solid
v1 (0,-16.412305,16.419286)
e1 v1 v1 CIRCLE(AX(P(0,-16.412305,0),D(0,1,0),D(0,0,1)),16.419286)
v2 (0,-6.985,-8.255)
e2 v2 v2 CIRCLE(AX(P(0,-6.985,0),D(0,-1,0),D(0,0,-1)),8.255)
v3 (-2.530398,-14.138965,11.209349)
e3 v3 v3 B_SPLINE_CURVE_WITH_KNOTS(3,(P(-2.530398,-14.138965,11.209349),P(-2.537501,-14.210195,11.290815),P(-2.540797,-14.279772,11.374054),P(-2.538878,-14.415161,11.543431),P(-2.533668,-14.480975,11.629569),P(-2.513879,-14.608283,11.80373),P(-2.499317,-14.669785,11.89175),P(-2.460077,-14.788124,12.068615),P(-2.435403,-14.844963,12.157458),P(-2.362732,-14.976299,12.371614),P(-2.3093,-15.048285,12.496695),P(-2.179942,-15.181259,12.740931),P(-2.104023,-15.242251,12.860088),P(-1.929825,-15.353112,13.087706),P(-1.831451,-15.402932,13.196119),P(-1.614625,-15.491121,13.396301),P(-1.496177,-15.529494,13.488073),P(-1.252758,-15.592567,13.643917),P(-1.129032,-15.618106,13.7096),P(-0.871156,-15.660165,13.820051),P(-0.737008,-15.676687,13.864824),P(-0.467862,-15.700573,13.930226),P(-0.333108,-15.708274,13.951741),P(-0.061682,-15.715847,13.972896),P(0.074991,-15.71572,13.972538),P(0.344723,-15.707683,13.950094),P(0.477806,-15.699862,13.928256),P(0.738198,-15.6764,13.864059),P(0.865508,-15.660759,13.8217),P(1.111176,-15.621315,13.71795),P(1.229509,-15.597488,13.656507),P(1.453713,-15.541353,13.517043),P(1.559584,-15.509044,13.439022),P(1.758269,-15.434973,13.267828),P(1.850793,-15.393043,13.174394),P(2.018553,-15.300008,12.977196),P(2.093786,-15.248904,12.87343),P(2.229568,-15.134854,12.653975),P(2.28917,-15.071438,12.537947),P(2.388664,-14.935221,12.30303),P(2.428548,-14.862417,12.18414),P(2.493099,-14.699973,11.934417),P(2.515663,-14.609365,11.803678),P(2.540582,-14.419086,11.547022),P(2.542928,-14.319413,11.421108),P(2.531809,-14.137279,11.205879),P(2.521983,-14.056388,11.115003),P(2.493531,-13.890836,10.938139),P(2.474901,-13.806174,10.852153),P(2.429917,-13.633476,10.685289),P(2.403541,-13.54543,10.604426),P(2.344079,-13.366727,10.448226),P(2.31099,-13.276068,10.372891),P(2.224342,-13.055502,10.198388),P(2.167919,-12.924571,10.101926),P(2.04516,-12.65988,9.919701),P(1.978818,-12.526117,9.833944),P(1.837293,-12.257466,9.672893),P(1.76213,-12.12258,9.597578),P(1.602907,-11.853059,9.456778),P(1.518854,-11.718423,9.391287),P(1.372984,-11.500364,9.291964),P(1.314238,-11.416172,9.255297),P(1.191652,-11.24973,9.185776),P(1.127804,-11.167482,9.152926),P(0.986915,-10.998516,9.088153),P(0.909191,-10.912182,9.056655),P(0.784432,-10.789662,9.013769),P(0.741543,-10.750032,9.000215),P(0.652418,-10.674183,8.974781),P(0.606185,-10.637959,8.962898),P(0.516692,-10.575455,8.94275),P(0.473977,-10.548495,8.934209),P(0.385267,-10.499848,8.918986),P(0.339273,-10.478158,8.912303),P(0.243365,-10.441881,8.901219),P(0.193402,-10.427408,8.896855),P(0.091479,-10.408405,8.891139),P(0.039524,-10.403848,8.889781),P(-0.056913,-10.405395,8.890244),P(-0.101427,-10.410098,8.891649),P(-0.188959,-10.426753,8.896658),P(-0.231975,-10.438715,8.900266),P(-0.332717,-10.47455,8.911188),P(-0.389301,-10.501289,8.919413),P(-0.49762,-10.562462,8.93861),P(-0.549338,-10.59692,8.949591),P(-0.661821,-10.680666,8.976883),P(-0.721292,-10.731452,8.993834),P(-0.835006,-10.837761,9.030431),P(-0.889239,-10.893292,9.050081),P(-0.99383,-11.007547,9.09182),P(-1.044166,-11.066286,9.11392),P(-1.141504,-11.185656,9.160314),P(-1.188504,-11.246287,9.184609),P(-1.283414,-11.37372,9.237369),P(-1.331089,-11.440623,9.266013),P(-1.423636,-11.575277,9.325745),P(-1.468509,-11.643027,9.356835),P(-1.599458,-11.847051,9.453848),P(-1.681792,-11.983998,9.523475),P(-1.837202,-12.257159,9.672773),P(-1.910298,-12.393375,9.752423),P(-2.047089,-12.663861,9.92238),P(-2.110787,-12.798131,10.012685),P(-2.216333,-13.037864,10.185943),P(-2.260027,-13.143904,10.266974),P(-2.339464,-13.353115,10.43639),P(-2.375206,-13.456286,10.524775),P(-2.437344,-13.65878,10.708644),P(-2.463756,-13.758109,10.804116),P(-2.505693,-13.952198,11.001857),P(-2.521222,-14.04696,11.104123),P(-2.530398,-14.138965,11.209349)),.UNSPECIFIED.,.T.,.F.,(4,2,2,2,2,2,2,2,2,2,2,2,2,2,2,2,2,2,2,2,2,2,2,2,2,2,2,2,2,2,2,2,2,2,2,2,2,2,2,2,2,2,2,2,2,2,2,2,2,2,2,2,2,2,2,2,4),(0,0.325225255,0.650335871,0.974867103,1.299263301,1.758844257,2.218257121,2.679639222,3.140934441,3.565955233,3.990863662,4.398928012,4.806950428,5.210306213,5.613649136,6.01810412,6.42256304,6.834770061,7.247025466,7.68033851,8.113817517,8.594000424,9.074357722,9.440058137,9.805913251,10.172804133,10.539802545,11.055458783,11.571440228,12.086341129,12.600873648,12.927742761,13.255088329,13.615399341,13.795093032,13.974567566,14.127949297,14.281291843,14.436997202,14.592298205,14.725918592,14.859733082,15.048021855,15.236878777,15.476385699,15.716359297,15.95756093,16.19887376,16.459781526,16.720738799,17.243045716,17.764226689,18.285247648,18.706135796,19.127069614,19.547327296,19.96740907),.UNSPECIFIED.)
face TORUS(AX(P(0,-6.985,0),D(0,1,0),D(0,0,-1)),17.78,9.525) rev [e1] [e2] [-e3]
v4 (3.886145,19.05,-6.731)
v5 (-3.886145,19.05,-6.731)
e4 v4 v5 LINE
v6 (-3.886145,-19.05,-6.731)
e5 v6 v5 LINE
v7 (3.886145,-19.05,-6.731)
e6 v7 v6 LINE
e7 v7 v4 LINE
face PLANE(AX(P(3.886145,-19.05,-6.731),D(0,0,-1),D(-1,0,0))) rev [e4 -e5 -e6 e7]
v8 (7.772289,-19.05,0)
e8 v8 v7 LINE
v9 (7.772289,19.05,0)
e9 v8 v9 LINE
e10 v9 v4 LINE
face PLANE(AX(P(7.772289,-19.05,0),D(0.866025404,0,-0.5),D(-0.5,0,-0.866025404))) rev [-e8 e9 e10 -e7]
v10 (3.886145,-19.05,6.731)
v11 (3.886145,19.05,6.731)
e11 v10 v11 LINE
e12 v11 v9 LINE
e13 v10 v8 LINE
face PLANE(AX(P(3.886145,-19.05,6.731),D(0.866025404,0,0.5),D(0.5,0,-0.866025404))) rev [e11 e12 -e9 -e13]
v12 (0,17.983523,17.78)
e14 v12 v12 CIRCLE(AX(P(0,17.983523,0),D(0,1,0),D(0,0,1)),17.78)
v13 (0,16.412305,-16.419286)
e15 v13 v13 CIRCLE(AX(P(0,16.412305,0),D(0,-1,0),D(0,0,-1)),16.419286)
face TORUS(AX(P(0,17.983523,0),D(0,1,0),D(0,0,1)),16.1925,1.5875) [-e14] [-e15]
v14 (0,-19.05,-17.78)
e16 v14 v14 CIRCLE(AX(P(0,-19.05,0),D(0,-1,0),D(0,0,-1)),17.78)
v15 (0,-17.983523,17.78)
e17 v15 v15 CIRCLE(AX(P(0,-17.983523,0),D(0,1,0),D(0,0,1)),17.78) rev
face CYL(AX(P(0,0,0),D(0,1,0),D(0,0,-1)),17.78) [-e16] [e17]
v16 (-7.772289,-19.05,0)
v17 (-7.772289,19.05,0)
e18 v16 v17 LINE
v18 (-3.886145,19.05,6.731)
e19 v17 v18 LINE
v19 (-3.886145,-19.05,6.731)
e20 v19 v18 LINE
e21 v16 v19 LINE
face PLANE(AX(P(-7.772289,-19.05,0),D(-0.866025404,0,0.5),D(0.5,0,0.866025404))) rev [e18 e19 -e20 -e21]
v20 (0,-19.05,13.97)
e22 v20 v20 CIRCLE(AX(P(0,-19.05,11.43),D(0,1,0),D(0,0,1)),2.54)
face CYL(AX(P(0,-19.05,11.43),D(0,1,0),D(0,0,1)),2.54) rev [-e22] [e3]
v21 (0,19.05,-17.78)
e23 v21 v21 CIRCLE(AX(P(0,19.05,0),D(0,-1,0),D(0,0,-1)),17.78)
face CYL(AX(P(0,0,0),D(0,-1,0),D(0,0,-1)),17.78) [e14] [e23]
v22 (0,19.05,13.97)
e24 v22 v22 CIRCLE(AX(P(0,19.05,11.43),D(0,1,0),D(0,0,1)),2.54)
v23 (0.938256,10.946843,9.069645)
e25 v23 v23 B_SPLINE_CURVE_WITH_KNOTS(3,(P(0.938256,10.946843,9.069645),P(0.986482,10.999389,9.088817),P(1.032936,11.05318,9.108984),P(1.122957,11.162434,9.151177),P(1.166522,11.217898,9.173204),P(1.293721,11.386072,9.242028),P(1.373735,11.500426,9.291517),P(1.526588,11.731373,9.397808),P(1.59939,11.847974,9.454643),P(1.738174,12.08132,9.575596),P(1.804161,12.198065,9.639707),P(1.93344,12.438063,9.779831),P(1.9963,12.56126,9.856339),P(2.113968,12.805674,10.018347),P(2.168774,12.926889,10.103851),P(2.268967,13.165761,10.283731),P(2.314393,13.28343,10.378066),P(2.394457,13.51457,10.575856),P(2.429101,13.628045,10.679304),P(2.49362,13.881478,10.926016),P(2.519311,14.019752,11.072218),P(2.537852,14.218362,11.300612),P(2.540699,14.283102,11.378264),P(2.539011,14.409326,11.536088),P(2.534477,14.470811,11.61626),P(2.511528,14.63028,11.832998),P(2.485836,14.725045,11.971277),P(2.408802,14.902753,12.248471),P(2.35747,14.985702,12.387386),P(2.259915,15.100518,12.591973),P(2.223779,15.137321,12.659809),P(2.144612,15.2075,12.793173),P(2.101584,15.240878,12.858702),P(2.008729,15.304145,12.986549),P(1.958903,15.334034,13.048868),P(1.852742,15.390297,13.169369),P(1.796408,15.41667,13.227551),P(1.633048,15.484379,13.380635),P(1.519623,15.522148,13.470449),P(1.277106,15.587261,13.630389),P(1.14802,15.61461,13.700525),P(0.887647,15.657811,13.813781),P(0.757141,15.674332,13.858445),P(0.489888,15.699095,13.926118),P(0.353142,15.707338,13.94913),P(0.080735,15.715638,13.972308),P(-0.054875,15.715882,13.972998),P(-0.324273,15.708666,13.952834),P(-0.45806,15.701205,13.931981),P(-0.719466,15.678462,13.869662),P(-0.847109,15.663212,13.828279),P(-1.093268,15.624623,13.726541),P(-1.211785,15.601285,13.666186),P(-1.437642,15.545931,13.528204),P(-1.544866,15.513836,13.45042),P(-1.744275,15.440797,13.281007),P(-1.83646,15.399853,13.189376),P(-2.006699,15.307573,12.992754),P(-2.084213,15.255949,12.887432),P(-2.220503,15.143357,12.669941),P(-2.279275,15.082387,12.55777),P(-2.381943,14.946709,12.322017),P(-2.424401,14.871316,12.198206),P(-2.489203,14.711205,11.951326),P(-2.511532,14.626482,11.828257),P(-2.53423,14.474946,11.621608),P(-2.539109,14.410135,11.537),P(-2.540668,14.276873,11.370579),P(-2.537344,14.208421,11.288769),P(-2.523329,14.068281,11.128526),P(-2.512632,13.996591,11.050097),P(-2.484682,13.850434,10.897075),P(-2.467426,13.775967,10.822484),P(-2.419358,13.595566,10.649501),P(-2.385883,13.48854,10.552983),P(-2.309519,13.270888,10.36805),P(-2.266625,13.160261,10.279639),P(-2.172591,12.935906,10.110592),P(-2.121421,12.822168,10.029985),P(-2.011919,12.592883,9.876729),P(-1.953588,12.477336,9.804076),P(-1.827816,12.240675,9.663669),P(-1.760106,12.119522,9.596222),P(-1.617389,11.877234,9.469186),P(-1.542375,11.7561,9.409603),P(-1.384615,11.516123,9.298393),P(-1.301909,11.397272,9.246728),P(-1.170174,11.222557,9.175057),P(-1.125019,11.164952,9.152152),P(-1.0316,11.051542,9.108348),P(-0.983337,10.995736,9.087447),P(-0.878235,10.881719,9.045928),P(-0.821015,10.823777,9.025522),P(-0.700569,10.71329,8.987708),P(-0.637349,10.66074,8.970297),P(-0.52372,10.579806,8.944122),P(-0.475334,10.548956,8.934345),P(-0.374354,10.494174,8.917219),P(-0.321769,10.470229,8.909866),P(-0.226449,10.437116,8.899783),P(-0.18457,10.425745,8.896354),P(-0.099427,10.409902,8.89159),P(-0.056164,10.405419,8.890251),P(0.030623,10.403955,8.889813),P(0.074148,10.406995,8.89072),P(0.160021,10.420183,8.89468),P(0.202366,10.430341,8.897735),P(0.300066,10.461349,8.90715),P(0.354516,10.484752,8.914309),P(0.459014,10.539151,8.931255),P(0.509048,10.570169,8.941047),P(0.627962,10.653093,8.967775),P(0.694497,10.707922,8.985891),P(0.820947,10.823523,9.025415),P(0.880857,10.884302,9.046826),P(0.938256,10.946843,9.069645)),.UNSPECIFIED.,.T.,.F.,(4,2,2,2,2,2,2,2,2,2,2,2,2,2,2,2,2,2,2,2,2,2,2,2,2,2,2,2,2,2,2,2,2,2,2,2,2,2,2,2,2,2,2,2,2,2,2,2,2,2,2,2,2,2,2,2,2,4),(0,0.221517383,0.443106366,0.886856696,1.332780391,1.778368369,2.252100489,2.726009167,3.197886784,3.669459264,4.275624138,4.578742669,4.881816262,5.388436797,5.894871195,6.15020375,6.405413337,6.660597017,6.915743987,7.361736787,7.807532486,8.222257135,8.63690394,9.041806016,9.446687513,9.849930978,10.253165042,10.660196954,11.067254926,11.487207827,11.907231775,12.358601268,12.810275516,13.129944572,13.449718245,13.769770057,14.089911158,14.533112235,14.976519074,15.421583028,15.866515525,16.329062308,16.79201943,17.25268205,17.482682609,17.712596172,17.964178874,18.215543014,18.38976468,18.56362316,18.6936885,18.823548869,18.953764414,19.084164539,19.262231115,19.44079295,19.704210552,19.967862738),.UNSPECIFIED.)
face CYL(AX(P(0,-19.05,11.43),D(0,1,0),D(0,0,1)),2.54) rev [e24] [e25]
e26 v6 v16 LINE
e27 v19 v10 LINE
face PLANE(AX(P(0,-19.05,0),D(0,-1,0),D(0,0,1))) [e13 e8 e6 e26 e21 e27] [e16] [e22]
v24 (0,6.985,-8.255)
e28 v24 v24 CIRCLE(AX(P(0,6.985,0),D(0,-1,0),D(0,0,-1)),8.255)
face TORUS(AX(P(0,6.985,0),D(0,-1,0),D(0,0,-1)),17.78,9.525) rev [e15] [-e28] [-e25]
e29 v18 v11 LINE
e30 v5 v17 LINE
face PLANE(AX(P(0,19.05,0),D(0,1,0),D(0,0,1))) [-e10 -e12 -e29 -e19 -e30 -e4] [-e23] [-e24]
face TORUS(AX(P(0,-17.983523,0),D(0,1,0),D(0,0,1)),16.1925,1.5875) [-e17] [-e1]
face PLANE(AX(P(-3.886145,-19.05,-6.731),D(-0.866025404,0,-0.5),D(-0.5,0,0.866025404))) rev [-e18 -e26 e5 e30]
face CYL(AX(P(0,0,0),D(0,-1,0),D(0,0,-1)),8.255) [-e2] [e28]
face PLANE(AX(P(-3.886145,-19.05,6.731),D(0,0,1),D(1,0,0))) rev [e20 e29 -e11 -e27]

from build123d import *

# Parameters (mm, degrees)
SKETCH2_R          = 2.54
CUT_EXTRUDE1_DEPTH = 46.649389919
FILLET1_R          = 1.5875


with BuildPart() as part:
    # Sketch1 → Revolve1 (revolve)
    with BuildSketch(Plane(origin=(0, 0, 0), x_dir=(0, 0, -1), z_dir=(1, 0, 0))):
        with BuildLine():
            Line((0, 0), (0, 19.05))
            Line((0, 19.05), (17.78, 19.05))
            Line((17.78, 19.05), (17.78, 16.51))
            ThreePointArc((17.78, 16.51), (11.044807909, 13.720192091), (8.255, 6.985))
            Line((8.255, 6.985), (8.255, 0))
            Line((8.255, 0), (0, 0))
        make_face()
    revolve1 = revolve(axis=Axis((0, 0, 0), (0, 1, 0)))

    # Mirror1: Revolve1 across plane
    add(revolve1.mirror(Plane(origin=(0, 0, -8.255), x_dir=(0, 0, 1), z_dir=(0, -1, 0))))

    # Sketch2 → Cut-Extrude1 (cut, through all)
    with BuildSketch(Plane(origin=(0, 19.05, 0), x_dir=(1, 0, 0), z_dir=(0, 1, 0))):
        with Locations(Location((0, -11.43, 0), (0, 0, 270))):
            Circle(SKETCH2_R)
        Polygon((-3.886144662, -6.731), (3.886144662, -6.731), (7.772289324, 0), (3.886144662, 6.731), (-3.886144662, 6.731), (-7.772289324, 0), align=None)
    extrude(amount=-CUT_EXTRUDE1_DEPTH, mode=Mode.SUBTRACT)

    # Fillet1
    fillet1_edges = [part.edges().sort_by_distance(p)[0] for p in [
        (0, -16.51, 17.78),
        (0, 16.51, 17.78),
    ]]
    fillet(fillet1_edges, radius=FILLET1_R)


solid = part.part
